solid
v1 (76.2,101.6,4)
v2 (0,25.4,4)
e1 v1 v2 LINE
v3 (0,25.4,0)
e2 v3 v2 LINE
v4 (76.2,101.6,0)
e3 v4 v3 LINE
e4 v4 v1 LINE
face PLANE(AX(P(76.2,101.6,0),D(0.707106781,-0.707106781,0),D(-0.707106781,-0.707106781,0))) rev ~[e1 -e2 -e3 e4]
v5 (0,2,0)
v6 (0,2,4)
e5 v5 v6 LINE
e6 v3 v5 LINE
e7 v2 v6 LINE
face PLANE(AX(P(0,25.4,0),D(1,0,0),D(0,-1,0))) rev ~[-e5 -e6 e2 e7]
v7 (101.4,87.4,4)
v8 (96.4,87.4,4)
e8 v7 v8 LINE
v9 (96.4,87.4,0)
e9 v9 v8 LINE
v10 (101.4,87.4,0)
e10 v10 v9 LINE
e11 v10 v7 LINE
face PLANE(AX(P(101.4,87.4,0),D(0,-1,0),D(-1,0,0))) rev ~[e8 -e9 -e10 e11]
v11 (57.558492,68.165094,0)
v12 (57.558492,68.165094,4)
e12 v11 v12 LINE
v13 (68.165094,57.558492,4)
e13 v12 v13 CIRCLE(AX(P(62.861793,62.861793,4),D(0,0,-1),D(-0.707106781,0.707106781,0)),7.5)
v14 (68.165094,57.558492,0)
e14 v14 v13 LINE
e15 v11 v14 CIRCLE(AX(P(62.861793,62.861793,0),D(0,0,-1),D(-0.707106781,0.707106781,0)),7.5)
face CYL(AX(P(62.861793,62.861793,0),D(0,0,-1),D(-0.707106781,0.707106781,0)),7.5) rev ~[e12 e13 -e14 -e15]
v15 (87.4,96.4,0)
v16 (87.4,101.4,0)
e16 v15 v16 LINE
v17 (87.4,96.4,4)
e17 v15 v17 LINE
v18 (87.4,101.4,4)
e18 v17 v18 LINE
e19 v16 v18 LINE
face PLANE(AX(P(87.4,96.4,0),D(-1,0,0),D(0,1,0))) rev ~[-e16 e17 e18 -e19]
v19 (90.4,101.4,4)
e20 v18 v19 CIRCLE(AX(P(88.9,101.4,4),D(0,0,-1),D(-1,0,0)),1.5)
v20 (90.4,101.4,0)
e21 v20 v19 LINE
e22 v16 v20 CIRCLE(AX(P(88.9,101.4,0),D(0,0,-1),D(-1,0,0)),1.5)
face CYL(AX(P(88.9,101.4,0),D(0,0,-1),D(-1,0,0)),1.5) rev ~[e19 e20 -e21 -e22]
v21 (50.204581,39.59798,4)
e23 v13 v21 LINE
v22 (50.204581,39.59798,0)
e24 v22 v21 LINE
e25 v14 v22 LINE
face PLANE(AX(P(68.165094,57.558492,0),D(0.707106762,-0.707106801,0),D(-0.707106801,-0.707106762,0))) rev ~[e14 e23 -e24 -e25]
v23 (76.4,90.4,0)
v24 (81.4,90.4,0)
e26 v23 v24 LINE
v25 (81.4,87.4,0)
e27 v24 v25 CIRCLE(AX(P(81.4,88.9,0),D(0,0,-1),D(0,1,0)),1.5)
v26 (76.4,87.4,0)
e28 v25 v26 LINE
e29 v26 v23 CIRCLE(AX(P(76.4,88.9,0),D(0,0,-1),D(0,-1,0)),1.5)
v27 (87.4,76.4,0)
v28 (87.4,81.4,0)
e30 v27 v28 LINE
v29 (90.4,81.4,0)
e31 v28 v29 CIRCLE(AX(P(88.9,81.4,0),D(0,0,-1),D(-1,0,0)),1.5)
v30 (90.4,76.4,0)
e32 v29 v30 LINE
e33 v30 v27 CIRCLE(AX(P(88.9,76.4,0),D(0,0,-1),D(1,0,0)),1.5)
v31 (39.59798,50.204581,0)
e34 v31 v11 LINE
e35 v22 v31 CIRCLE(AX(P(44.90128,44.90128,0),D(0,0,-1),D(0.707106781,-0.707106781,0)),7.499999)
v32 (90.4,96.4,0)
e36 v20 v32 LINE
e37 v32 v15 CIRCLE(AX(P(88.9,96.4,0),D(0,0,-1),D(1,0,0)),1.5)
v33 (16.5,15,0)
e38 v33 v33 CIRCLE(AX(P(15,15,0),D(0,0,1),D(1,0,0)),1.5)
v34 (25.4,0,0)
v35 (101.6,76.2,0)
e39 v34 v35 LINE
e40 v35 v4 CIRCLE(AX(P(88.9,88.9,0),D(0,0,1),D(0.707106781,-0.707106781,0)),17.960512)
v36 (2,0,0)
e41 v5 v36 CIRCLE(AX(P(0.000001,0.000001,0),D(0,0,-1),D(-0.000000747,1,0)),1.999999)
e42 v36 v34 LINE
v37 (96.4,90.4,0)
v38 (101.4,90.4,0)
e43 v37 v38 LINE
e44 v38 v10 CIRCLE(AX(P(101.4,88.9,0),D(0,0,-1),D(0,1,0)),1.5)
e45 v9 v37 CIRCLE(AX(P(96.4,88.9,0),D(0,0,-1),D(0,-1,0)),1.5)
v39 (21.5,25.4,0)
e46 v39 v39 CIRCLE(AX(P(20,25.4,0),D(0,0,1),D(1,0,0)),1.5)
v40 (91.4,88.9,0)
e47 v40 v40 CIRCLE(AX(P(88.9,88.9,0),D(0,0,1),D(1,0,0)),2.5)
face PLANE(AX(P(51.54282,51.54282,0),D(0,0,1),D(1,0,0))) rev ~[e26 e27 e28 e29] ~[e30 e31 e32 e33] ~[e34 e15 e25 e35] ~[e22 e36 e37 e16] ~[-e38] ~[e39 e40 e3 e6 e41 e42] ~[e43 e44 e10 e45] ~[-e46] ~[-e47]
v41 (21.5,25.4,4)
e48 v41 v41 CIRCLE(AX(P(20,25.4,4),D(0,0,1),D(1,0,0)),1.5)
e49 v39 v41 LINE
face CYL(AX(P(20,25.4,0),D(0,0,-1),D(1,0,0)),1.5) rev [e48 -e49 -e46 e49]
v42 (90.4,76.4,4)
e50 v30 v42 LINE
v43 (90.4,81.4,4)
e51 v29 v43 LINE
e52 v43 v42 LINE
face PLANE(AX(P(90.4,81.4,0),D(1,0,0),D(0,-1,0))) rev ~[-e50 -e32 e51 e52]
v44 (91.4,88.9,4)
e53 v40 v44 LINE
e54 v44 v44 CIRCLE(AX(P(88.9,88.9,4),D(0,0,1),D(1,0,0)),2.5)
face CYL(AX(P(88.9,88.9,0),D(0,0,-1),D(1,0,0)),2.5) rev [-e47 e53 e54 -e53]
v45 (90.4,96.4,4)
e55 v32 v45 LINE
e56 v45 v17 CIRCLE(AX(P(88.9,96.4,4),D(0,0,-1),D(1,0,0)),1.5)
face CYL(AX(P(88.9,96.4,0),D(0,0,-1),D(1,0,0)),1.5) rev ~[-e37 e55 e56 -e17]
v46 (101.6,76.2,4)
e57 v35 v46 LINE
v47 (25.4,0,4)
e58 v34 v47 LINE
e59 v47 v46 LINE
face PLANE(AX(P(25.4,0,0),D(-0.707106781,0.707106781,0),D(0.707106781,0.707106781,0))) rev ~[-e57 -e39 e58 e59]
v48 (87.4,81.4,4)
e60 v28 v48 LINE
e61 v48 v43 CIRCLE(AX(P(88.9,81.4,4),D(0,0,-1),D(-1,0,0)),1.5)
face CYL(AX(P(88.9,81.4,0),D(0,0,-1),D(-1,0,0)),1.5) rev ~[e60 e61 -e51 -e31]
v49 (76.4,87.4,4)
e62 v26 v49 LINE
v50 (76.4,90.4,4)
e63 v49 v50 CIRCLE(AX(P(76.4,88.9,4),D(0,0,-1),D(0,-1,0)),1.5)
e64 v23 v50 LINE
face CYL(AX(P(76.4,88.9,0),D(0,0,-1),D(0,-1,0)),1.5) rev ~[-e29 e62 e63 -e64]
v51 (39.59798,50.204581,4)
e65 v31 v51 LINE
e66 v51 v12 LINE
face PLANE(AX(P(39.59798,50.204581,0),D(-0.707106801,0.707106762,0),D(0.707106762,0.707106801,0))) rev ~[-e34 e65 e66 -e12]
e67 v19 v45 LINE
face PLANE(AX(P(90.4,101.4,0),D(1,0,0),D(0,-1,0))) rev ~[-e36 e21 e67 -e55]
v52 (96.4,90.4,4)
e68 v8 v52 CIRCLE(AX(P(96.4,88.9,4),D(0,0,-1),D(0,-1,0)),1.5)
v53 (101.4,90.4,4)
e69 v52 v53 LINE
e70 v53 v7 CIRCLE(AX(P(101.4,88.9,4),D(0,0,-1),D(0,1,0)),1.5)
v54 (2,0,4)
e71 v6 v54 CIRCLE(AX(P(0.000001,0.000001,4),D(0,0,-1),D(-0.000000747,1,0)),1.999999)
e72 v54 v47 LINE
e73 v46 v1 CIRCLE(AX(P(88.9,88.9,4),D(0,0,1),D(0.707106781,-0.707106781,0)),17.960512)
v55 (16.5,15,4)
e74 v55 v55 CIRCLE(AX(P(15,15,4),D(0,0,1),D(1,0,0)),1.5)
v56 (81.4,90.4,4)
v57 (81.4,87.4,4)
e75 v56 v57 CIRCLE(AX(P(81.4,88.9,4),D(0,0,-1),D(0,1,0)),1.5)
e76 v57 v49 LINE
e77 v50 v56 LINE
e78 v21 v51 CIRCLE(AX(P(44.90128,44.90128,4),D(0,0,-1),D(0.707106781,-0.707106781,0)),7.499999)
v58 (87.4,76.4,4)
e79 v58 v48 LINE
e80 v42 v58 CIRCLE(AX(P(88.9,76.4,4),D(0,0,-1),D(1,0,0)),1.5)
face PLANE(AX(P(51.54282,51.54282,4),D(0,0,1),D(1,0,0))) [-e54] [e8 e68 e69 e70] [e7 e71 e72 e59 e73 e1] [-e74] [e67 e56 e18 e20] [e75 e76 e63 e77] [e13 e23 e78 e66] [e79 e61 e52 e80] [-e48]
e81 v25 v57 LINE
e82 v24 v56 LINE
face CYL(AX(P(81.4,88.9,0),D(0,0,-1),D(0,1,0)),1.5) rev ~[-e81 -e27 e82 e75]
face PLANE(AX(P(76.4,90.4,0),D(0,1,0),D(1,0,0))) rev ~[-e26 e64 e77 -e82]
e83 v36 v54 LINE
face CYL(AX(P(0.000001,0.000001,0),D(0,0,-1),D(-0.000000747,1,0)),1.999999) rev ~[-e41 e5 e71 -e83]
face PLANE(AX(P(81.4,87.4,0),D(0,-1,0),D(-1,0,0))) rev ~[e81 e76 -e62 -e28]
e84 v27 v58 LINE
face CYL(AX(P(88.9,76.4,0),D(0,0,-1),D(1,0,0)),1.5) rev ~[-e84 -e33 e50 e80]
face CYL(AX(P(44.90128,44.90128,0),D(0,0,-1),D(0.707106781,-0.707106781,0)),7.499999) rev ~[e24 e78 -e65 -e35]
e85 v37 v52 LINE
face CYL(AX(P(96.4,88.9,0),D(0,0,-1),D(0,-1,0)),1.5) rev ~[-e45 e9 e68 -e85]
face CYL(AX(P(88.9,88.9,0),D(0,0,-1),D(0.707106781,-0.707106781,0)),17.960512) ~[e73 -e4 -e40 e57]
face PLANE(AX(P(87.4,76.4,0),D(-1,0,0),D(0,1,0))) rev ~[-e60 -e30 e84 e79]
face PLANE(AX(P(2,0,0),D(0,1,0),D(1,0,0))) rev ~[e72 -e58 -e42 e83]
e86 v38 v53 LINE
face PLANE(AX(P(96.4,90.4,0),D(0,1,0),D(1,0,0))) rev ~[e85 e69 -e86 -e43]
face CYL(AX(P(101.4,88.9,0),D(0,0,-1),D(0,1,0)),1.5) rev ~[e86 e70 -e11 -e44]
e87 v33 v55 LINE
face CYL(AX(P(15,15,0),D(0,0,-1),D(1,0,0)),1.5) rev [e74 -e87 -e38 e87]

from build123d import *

# Parameters (mm, degrees)
F0_R     = 1.5
F0_R_2   = 2.5
F1_DEPTH = 4


with BuildPart() as f1:
    # F0 (on Top) → F1 (new body)
    with BuildSketch(Plane.XY):
        with BuildLine():
            Line((76.2, 101.6), (0, 25.4))
            Line((0, 25.4), (0, 2))
            ThreePointArc((0, 2), (1.414214, 1.414214), (2, 0))
            Line((2, 0), (25.4, 0))
            Line((25.4, 0), (101.6, 76.2))
            ThreePointArc((101.6, 76.2), (101.6, 101.6), (76.2, 101.6))
        make_face()
        with Locations((15, 15)):
            Circle(F0_R, mode=Mode.SUBTRACT)
        with Locations((20, 25.4)):
            Circle(F0_R, mode=Mode.SUBTRACT)
        with BuildLine():
            Line((68.165094, 57.558492), (50.204581, 39.59798))
            ThreePointArc((50.204581, 39.59798), (39.59798, 39.59798), (39.59798, 50.204581))
            Line((39.59798, 50.204581), (57.558492, 68.165094))
            ThreePointArc((57.558492, 68.165094), (68.165094, 68.165094), (68.165094, 57.558492))
        make_face(mode=Mode.SUBTRACT)
        with BuildLine():
            Line((90.4, 81.4), (90.4, 76.4))
            ThreePointArc((90.4, 76.4), (88.9, 74.9), (87.4, 76.4))
            Line((87.4, 76.4), (87.4, 81.4))
            ThreePointArc((87.4, 81.4), (88.9, 82.9), (90.4, 81.4))
        make_face(mode=Mode.SUBTRACT)
        with BuildLine():
            Line((81.4, 87.4), (76.4, 87.4))
            ThreePointArc((76.4, 87.4), (74.9, 88.9), (76.4, 90.4))
            Line((76.4, 90.4), (81.4, 90.4))
            ThreePointArc((81.4, 90.4), (82.9, 88.9), (81.4, 87.4))
        make_face(mode=Mode.SUBTRACT)
        with Locations((88.9, 88.9)):
            Circle(F0_R_2, mode=Mode.SUBTRACT)
        with BuildLine():
            Line((96.4, 90.4), (101.4, 90.4))
            ThreePointArc((101.4, 90.4), (102.9, 88.9), (101.4, 87.4))
            Line((101.4, 87.4), (96.4, 87.4))
            ThreePointArc((96.4, 87.4), (94.9, 88.9), (96.4, 90.4))
        make_face(mode=Mode.SUBTRACT)
        with BuildLine():
            Line((87.4, 96.4), (87.4, 101.4))
            ThreePointArc((87.4, 101.4), (88.9, 102.9), (90.4, 101.4))
            Line((90.4, 101.4), (90.4, 96.4))
            ThreePointArc((90.4, 96.4), (88.9, 94.9), (87.4, 96.4))
        make_face(mode=Mode.SUBTRACT)
    extrude(amount=F1_DEPTH)


solid = f1.part
